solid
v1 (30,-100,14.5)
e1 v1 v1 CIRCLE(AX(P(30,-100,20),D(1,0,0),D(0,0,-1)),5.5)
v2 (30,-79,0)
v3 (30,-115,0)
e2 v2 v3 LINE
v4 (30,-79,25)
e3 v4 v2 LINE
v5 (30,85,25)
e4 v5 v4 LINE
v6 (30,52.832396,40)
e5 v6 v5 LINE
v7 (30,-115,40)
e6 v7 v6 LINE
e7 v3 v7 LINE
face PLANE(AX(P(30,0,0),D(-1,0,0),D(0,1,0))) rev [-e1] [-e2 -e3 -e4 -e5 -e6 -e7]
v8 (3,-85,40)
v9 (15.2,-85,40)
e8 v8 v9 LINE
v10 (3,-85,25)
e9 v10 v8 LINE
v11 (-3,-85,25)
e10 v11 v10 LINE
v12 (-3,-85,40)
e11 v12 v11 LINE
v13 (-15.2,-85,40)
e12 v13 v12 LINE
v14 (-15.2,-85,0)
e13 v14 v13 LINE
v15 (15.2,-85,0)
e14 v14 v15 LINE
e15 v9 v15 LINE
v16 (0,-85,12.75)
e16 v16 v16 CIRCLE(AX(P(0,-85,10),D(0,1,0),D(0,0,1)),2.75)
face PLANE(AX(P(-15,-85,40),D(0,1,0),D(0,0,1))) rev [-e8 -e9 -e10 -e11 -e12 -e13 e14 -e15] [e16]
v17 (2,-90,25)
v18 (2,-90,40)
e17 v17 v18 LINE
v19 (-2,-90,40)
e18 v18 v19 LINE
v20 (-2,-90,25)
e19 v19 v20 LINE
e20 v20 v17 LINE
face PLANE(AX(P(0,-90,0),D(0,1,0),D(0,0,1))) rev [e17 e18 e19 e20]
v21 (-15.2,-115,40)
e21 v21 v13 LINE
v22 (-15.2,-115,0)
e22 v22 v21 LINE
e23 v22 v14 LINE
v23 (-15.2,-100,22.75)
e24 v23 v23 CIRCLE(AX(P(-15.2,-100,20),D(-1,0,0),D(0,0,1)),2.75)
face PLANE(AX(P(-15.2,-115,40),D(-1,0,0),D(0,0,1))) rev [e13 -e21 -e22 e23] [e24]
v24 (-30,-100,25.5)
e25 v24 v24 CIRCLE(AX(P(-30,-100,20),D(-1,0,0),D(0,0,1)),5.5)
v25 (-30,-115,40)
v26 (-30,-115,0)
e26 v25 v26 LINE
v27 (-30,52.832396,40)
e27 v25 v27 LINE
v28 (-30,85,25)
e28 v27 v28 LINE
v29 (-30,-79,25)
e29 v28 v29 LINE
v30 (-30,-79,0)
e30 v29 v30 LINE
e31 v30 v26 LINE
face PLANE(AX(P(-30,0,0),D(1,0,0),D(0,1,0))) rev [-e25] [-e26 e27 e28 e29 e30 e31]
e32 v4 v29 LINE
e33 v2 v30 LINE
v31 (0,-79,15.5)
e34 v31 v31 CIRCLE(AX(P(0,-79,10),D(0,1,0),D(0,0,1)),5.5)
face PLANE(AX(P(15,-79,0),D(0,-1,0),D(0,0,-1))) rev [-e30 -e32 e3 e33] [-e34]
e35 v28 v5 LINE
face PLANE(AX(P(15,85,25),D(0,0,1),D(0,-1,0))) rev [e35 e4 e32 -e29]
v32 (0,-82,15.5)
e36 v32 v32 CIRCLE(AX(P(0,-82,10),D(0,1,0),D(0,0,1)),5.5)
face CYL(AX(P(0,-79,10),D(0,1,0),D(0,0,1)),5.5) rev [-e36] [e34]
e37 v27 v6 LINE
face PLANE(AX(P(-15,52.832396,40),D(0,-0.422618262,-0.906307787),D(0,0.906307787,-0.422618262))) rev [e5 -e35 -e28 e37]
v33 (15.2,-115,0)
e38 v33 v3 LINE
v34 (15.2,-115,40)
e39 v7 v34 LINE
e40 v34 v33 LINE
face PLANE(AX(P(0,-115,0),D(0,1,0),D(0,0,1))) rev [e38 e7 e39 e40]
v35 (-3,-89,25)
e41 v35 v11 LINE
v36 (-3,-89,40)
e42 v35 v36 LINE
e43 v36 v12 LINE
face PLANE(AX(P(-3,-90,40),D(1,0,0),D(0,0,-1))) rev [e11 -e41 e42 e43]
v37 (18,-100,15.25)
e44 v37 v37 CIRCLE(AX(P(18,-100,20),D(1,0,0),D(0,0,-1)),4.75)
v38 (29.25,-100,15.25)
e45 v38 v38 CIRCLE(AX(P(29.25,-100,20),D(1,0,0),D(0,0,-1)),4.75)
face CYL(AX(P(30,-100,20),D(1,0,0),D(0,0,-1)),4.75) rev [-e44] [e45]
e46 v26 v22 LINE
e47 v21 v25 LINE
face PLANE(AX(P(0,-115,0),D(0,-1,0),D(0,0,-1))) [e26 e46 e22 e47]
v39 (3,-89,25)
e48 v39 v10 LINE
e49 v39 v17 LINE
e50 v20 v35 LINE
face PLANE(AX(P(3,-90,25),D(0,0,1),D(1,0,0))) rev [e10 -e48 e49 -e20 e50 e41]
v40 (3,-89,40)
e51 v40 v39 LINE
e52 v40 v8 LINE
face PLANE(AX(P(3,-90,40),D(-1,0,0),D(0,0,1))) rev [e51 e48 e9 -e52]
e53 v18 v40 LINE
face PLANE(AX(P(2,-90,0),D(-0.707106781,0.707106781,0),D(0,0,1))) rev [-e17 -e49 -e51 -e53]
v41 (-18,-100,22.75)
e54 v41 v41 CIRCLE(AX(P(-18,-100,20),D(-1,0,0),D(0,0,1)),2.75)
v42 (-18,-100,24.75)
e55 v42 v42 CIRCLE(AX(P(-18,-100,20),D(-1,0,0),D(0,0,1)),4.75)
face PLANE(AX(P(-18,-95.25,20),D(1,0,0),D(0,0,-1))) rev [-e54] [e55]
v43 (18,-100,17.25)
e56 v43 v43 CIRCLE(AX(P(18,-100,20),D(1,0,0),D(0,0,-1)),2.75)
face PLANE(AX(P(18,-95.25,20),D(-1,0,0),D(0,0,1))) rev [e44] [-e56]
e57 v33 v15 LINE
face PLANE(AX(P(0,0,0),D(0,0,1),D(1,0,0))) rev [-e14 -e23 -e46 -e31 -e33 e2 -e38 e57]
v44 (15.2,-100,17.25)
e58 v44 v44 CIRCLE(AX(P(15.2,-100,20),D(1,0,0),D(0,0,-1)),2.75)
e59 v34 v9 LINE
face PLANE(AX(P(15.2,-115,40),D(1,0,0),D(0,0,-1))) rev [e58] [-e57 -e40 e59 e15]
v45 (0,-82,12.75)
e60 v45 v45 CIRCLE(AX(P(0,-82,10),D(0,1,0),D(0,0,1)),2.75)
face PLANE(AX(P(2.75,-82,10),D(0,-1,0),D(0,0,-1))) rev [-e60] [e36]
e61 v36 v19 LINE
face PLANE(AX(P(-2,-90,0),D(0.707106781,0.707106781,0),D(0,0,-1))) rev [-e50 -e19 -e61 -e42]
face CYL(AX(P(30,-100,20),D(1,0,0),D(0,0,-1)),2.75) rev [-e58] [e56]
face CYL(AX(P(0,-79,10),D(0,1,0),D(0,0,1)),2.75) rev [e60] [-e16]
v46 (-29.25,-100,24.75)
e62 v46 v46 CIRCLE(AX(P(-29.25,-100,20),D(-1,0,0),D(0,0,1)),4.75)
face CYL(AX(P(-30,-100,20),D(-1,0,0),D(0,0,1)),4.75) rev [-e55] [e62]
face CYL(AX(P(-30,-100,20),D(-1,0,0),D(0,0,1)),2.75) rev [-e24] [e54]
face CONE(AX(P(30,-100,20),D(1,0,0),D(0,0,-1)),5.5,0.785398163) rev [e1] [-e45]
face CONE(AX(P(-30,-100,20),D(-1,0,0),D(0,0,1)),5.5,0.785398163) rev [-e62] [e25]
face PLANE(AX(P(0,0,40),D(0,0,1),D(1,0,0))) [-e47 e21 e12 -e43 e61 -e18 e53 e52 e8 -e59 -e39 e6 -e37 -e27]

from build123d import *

# Parameters (mm, degrees)
SKETCH_1_W                   = 30
SKETCH_1_H                   = 170
EXTRUDE_1_DEPTH              = 40
CUT_EXTRUDE_1_DEPTH          = 99.615414617
SKETCH_4_W                   = 25
SKETCH_4_H                   = 164
CUT_EXTRUDE_2_DEPTH          = 99.615414617
HOLE_WIZARD_M5_2_D           = 5.5
HOLE_WIZARD_M5_2_CBORE_D     = 11
HOLE_WIZARD_M5_2_CBORE_DEPTH = 3
SKETCH_9_W                   = 6
SKETCH_9_H                   = 15
EXTRUDE_2_DEPTH              = 5
CHAMFER_1_SIZE               = 1
EXTRUDE_3_DEPTH              = 15
SKETCH_11_W                  = 14.8
SKETCH_11_H                  = 40
EXTRUDE_4_DEPTH              = 30


with BuildPart() as part:
    # 스케치1 → 보스-돌출1 (new body)
    with BuildSketch(Plane.XY):
        Rectangle(SKETCH_1_W, SKETCH_1_H)
    extrude(amount=EXTRUDE_1_DEPTH)

    # 스케치3 → 컷-돌출1 (cut, through all)
    with BuildSketch(Plane(origin=(15, 0, 0), x_dir=(0, 0, -1), z_dir=(1, 0, 0))):
        Polygon((-40, 85), (-40, 52.832396192), (-25, 85), align=None)
    extrude(amount=-CUT_EXTRUDE_1_DEPTH, mode=Mode.SUBTRACT)

    # 스케치4 → 컷-돌출2 (cut, through all)
    with BuildSketch(Plane.ZY.offset(15)):
        with Locations((12.5, 3)):
            Rectangle(SKETCH_4_W, SKETCH_4_H)
    extrude(amount=-CUT_EXTRUDE_2_DEPTH, mode=Mode.SUBTRACT)

    # M5 소켓 머리 캡 나사용 카운터보어2 (through all)
    with Locations(Plane(origin=(0, -79, 0), x_dir=(1, 0, 0), z_dir=(0, 1, 0))):
        with Locations((0, -10)):
            CounterBoreHole(HOLE_WIZARD_M5_2_D / 2, HOLE_WIZARD_M5_2_CBORE_D / 2, HOLE_WIZARD_M5_2_CBORE_DEPTH)

    # 스케치9 → 보스-돌출2 (add)
    with BuildSketch(Plane.XZ.offset(85)):
        with Locations((0, 32.5)):
            Rectangle(SKETCH_9_W, SKETCH_9_H)
    extrude(amount=EXTRUDE_2_DEPTH)

    # 모따기1
    chamfer_1_edges = [part.edges().sort_by_distance(p)[0] for p in [
        (3, -90, 32.5),
        (-3, -90, 32.5),
    ]]
    chamfer(chamfer_1_edges, length=CHAMFER_1_SIZE)

    # 스케치10 → 보스-돌출3 (add)
    with BuildSketch(Plane.ZY.offset(15)):
        Polygon((25, -79), (0, -79), (0, -85), (40, -85), (40, 52.832396192), (25, 85), align=None)
    extrude_3 = extrude(amount=EXTRUDE_3_DEPTH)

    # 대칭 복사1: 보스-돌출3 across plane
    add(extrude_3.mirror(Plane.ZY))

    # 스케치11 → 보스-돌출4 (add)
    with BuildSketch(Plane.XZ.offset(85)):
        with Locations((-22.6, 20)):
            Rectangle(SKETCH_11_W, SKETCH_11_H)
        with Locations((22.6, 20)):
            Rectangle(SKETCH_11_W, SKETCH_11_H)
    extrude(amount=EXTRUDE_4_DEPTH)

    # 스케치14 → M5 소켓 머리 캡 나사용 카운터보어1 (revolve, cut)
    with BuildSketch(Plane(origin=(30, -100, 20), x_dir=(0, 0, -1), z_dir=(0, 1, 0))):
        Polygon((0, 0), (0, 14.8), (2.75, 14.8), (2.75, 12), (4.75, 12), (4.75, 0.75), (5.5, 0), align=None)
    hole_wizard_m5_1 = revolve(axis=Axis((36.35, -100, 20), (-1, 0, 0)), mode=Mode.SUBTRACT)

    # 대칭 복사2: M5 소켓 머리 캡 나사용 카운터보어1 across plane
    add(hole_wizard_m5_1.mirror(Plane.ZY), mode=Mode.SUBTRACT)


solid = part.part
